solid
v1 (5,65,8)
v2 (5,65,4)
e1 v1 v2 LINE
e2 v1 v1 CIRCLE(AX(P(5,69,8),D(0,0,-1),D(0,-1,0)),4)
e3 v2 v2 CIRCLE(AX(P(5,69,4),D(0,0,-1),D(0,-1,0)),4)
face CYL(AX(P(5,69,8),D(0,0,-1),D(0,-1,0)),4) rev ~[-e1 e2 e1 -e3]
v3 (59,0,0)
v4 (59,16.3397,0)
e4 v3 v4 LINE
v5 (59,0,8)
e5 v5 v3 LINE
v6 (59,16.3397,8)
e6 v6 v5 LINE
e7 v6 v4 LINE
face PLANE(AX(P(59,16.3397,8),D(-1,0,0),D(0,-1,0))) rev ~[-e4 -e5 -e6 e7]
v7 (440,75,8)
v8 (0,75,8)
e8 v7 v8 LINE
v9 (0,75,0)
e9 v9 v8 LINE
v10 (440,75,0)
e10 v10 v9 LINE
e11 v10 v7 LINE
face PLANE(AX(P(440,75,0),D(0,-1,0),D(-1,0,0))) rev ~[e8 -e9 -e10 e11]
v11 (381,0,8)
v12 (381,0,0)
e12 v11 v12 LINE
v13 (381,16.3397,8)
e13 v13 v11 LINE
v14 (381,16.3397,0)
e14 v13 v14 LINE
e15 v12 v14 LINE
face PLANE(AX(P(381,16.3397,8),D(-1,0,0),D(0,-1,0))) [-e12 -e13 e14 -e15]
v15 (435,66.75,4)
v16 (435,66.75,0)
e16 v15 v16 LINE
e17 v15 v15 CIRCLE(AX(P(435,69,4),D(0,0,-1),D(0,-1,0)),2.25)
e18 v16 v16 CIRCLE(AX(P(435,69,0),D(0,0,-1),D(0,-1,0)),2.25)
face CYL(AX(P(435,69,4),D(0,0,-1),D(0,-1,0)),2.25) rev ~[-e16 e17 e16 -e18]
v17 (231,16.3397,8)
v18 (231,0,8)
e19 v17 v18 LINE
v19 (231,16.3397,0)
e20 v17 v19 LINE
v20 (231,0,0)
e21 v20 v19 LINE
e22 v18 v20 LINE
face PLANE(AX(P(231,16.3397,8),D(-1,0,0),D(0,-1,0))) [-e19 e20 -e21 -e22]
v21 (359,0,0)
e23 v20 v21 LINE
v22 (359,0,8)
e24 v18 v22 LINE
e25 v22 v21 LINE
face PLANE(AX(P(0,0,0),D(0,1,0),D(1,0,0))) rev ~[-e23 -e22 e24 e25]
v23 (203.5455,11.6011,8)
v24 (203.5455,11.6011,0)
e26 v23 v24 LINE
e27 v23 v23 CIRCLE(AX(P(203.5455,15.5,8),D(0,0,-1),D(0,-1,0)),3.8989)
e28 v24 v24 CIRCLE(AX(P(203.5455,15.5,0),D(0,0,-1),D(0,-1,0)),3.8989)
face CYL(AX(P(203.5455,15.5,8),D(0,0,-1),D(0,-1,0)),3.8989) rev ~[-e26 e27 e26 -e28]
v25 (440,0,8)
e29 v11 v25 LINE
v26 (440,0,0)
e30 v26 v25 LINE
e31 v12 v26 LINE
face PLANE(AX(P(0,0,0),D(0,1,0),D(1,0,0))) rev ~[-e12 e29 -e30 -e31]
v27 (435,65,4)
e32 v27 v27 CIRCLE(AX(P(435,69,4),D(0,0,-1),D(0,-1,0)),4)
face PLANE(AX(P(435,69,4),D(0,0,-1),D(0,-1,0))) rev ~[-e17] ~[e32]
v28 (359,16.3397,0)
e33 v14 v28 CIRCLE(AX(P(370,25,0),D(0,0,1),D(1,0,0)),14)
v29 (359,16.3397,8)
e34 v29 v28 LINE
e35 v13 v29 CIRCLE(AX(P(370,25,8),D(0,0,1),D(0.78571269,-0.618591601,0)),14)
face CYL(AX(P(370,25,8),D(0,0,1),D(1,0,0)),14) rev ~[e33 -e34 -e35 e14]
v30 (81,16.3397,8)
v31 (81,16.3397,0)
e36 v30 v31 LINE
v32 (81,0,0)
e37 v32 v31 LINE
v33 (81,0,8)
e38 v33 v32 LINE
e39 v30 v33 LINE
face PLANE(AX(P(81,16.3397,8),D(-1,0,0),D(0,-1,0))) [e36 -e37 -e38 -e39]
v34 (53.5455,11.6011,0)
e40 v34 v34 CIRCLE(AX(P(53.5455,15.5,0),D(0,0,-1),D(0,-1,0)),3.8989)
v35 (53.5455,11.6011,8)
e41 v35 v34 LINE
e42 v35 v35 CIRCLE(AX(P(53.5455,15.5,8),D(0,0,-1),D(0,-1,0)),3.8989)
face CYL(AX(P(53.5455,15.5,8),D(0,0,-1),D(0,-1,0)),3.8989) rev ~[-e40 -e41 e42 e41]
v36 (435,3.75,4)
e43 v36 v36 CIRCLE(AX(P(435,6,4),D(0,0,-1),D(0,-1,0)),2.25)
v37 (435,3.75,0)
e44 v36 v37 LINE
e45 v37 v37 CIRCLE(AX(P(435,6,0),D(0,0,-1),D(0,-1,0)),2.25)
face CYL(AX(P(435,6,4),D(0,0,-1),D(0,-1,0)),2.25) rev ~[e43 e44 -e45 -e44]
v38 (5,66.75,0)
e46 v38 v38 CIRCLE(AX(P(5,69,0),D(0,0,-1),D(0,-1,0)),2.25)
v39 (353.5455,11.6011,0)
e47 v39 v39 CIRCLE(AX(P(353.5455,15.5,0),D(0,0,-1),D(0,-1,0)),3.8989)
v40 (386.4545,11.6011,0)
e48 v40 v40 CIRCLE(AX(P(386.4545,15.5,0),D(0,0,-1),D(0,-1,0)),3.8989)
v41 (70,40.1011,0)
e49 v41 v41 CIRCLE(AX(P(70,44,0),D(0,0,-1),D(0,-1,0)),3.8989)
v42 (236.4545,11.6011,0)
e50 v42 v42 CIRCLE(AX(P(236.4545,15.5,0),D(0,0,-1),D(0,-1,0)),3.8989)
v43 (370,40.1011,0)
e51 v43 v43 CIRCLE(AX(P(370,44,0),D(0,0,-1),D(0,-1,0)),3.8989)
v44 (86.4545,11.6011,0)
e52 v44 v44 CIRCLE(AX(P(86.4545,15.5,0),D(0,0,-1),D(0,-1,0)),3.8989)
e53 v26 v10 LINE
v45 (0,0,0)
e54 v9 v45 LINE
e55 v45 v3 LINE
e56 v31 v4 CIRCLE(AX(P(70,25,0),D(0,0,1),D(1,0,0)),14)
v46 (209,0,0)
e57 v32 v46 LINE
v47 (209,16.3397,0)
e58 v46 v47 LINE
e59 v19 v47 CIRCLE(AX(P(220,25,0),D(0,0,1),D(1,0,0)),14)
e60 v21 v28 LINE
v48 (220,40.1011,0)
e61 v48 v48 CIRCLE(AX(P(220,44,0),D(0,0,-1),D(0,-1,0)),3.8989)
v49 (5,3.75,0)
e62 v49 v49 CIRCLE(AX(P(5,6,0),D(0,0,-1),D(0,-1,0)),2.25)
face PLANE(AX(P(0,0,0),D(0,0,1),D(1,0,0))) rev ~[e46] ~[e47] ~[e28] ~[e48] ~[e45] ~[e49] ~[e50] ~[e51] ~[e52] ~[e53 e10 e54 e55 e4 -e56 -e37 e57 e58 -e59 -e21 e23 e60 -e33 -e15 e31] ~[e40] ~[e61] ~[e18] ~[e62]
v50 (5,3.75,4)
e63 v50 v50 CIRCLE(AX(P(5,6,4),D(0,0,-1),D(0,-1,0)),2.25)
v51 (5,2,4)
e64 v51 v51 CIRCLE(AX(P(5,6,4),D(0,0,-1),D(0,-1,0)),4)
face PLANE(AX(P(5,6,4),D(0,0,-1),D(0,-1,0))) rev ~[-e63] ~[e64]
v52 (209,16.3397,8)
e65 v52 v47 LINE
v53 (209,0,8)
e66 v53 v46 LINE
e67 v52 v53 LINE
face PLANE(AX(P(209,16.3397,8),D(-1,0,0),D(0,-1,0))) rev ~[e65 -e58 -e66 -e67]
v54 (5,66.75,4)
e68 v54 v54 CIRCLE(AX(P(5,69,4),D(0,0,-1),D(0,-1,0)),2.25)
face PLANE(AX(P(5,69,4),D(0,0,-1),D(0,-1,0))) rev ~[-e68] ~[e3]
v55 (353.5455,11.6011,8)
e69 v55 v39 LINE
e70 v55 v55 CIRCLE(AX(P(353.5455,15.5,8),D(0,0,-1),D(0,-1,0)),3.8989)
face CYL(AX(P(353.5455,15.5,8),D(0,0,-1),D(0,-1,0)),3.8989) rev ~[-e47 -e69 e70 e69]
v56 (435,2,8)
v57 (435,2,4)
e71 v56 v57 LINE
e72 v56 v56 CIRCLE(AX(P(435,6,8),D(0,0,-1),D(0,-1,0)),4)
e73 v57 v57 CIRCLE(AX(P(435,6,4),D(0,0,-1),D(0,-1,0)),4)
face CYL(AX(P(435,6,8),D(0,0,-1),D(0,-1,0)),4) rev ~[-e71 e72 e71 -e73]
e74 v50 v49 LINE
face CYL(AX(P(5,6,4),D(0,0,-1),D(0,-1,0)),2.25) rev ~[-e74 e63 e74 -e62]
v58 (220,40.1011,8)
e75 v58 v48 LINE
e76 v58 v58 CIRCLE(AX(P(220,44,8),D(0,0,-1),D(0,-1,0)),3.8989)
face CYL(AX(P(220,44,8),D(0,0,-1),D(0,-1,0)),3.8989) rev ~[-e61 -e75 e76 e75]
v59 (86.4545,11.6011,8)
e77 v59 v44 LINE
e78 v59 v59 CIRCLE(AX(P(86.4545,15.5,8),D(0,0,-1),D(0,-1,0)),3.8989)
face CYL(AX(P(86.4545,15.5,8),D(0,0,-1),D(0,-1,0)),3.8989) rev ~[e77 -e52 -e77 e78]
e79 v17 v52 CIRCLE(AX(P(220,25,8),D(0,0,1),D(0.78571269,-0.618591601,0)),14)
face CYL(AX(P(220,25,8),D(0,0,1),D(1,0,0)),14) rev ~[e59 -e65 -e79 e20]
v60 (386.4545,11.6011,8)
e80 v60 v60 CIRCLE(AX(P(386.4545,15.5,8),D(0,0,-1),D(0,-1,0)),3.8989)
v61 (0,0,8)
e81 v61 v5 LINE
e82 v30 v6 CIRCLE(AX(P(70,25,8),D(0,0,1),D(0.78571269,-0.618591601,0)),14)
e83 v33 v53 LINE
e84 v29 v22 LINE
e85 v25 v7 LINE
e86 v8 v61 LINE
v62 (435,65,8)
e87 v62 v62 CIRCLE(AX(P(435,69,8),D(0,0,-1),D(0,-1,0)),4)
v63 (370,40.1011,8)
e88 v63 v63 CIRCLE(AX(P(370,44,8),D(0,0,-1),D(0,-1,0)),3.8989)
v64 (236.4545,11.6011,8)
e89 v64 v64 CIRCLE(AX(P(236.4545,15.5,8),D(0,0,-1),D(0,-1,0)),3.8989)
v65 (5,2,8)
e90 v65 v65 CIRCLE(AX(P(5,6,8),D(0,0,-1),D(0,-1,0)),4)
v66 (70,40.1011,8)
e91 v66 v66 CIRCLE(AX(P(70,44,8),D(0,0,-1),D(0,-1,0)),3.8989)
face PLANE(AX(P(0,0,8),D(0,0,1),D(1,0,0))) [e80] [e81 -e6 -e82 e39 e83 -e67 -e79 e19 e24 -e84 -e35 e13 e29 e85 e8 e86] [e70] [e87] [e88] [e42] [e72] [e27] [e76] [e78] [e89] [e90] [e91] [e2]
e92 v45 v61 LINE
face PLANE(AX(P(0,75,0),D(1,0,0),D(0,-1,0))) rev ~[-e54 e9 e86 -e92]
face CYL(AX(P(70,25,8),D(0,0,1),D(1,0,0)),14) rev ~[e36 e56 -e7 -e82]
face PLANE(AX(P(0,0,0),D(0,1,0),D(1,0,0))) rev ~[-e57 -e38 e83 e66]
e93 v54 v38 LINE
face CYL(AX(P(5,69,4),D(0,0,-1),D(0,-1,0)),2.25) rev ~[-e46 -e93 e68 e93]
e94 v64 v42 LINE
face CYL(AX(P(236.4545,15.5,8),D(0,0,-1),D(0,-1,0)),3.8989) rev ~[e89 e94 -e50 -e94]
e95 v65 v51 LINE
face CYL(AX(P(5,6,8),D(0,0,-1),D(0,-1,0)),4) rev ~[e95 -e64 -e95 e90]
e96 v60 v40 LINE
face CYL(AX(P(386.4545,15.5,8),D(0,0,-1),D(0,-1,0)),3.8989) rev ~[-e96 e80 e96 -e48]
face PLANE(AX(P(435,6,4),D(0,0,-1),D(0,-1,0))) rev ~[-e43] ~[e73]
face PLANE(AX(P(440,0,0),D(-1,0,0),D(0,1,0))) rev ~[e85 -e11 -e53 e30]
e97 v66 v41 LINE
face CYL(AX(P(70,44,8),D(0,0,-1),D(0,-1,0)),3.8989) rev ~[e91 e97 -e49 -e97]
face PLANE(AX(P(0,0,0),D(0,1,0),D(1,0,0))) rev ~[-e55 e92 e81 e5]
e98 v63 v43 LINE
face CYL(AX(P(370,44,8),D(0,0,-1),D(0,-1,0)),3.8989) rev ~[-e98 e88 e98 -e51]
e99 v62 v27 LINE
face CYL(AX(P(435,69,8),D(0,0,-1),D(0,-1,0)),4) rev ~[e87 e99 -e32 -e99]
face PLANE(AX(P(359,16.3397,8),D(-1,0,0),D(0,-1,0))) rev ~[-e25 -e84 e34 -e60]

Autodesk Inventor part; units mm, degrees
ref_plane "YZ Plane" through (0, 0, 0) normal (1, 0, 0) x (0, 1, 0)
ref_plane "XZ Plane" through (0, 0, 0) normal (0, 1, 0) x (-1, 0, 0)
ref_plane "XY Plane" through (0, 0, 0) normal (0, 0, 1) x (1, 0, 0)
sketch "Sketch1" plane through (0, 0, 0) normal (0, 0, 1) x (1, 0, 0)
  line L0 (0, 0) -> (440, 0)
  line L1 (440, 0) -> (440, 75)
  line L2 (440, 75) -> (0, 75)
  line L3 (0, 75) -> (0, 0)
  dimension "d0" = 75
  dimension "d1" = 440
extrude "Extrusion1" add sketch "Sketch1" along normal blind 8
sketch "Sketch2" plane through (0, 0, 8) normal (0, 0, 1) x (1, 0, 0)
  line L0 (0, 0) -> (0, 75) projected
  line L1 (440, 0) -> (0, 0) projected
  circle A0 centre (70, 25) radius 14
  line L2 (59, 16.3397) -> (59, 0)
  line L3 (81, 16.3397) -> (81, 0)
  circle A1 centre (220, 25) radius 14
  line L4 (209, 16.3397) -> (209, 0)
  line L5 (231, 16.3397) -> (231, 0)
  circle A2 centre (370, 25) radius 14
  line L6 (359, 16.3397) -> (359, 0)
  line L7 (381, 16.3397) -> (381, 0)
  line L8 (209, 0) -> (231, 0)
  line L9 (359, 0) -> (381, 0)
  line L10 (521.97, 0) -> (544.83, 0)
  line L11 (671.8667, 0) -> (697.23, 0)
  line L12 (826.77, 0) -> (849.63, 0)
  line L13 (674.37, 0) -> (697.23, 0)
  dimension "d4" = 22
  dimension "d5" = 11
  dimension "d7" = 25
  dimension "d8" = 28
  dimension "d9" = 70
  dimension "d17" = 150
  dimension "d58" = 440
extrude "Extrusion4" cut sketch "Sketch2" against normal up to next
sketch "Sketch3" plane through (0, 0, 8) normal (0, 0, 1) x (1, 0, 0)
  arc A0 (81, 16.3397) -> (59, 16.3397) centre (70, 25) ccw projected
  circle A1 centre (70, 25) radius 19
  line L0 (209, 0) -> (81, 0) projected
  point P0 (70, 44)
  point P1 (53.5455, 15.5)
  point P2 (86.4545, 15.5)
  point P3 (220, 44)
  point P4 (236.4545, 15.5)
  point P5 (203.5455, 15.5)
  point P6 (370, 44)
  point P7 (386.4545, 15.5)
  point P8 (353.5455, 15.5)
  dimension "d59" = 38
  dimension "d62" = 360
  dimension "d66" = 150
hole "Hole1" at (70, 44, 8) at (86.4545, 15.5, 8) at (53.5455, 15.5, 8) at (203.5455, 15.5, 8) at (236.4545, 15.5, 8) at (220, 44, 8) at (353.5455, 15.5, 8) at (370, 44, 8) at (386.4545, 15.5, 8) direction (0, 0, -1) diameter 7.7978 end through all thread size "3/8-16 UNC" class "2B" standard "ANSI Unified Screw Threads"
sketch "Sketch4" plane through (0, 0, 8) normal (0, 0, 1) x (1, 0, 0)
  line L0 (440, 75) -> (440, 0) projected
  line L1 (0, 0) -> (0, 75) projected
  line L2 (440, 0) -> (0, 0) projected
  point P0 (59, 0)
  point P1 (5, 69)
  point P2 (5, 6)
  point P3 (435, 6)
  point P4 (435, 69)
  dimension "d42" = 6
  dimension "d44" = 5
  dimension "d45" = 5
  dimension "d71" = 69
hole "Hole2" at (5, 69, 8) at (5, 6, 8) at (435, 6, 8) at (435, 69, 8) direction (0, 0, -1) diameter 4.5 end through all counterbore diameter 8 counterbore depth 4 clearance for "Socket Head Cap Screw" size "M4" standard "Ansi Metric M Profile"
equation "\"d4\" = 2 * d5"
equation "\"d9\" = -d17 + 0.5 * d58"
equation "\"d44\" = d45"
properties part number "Top" material "Aluminum-6061"
